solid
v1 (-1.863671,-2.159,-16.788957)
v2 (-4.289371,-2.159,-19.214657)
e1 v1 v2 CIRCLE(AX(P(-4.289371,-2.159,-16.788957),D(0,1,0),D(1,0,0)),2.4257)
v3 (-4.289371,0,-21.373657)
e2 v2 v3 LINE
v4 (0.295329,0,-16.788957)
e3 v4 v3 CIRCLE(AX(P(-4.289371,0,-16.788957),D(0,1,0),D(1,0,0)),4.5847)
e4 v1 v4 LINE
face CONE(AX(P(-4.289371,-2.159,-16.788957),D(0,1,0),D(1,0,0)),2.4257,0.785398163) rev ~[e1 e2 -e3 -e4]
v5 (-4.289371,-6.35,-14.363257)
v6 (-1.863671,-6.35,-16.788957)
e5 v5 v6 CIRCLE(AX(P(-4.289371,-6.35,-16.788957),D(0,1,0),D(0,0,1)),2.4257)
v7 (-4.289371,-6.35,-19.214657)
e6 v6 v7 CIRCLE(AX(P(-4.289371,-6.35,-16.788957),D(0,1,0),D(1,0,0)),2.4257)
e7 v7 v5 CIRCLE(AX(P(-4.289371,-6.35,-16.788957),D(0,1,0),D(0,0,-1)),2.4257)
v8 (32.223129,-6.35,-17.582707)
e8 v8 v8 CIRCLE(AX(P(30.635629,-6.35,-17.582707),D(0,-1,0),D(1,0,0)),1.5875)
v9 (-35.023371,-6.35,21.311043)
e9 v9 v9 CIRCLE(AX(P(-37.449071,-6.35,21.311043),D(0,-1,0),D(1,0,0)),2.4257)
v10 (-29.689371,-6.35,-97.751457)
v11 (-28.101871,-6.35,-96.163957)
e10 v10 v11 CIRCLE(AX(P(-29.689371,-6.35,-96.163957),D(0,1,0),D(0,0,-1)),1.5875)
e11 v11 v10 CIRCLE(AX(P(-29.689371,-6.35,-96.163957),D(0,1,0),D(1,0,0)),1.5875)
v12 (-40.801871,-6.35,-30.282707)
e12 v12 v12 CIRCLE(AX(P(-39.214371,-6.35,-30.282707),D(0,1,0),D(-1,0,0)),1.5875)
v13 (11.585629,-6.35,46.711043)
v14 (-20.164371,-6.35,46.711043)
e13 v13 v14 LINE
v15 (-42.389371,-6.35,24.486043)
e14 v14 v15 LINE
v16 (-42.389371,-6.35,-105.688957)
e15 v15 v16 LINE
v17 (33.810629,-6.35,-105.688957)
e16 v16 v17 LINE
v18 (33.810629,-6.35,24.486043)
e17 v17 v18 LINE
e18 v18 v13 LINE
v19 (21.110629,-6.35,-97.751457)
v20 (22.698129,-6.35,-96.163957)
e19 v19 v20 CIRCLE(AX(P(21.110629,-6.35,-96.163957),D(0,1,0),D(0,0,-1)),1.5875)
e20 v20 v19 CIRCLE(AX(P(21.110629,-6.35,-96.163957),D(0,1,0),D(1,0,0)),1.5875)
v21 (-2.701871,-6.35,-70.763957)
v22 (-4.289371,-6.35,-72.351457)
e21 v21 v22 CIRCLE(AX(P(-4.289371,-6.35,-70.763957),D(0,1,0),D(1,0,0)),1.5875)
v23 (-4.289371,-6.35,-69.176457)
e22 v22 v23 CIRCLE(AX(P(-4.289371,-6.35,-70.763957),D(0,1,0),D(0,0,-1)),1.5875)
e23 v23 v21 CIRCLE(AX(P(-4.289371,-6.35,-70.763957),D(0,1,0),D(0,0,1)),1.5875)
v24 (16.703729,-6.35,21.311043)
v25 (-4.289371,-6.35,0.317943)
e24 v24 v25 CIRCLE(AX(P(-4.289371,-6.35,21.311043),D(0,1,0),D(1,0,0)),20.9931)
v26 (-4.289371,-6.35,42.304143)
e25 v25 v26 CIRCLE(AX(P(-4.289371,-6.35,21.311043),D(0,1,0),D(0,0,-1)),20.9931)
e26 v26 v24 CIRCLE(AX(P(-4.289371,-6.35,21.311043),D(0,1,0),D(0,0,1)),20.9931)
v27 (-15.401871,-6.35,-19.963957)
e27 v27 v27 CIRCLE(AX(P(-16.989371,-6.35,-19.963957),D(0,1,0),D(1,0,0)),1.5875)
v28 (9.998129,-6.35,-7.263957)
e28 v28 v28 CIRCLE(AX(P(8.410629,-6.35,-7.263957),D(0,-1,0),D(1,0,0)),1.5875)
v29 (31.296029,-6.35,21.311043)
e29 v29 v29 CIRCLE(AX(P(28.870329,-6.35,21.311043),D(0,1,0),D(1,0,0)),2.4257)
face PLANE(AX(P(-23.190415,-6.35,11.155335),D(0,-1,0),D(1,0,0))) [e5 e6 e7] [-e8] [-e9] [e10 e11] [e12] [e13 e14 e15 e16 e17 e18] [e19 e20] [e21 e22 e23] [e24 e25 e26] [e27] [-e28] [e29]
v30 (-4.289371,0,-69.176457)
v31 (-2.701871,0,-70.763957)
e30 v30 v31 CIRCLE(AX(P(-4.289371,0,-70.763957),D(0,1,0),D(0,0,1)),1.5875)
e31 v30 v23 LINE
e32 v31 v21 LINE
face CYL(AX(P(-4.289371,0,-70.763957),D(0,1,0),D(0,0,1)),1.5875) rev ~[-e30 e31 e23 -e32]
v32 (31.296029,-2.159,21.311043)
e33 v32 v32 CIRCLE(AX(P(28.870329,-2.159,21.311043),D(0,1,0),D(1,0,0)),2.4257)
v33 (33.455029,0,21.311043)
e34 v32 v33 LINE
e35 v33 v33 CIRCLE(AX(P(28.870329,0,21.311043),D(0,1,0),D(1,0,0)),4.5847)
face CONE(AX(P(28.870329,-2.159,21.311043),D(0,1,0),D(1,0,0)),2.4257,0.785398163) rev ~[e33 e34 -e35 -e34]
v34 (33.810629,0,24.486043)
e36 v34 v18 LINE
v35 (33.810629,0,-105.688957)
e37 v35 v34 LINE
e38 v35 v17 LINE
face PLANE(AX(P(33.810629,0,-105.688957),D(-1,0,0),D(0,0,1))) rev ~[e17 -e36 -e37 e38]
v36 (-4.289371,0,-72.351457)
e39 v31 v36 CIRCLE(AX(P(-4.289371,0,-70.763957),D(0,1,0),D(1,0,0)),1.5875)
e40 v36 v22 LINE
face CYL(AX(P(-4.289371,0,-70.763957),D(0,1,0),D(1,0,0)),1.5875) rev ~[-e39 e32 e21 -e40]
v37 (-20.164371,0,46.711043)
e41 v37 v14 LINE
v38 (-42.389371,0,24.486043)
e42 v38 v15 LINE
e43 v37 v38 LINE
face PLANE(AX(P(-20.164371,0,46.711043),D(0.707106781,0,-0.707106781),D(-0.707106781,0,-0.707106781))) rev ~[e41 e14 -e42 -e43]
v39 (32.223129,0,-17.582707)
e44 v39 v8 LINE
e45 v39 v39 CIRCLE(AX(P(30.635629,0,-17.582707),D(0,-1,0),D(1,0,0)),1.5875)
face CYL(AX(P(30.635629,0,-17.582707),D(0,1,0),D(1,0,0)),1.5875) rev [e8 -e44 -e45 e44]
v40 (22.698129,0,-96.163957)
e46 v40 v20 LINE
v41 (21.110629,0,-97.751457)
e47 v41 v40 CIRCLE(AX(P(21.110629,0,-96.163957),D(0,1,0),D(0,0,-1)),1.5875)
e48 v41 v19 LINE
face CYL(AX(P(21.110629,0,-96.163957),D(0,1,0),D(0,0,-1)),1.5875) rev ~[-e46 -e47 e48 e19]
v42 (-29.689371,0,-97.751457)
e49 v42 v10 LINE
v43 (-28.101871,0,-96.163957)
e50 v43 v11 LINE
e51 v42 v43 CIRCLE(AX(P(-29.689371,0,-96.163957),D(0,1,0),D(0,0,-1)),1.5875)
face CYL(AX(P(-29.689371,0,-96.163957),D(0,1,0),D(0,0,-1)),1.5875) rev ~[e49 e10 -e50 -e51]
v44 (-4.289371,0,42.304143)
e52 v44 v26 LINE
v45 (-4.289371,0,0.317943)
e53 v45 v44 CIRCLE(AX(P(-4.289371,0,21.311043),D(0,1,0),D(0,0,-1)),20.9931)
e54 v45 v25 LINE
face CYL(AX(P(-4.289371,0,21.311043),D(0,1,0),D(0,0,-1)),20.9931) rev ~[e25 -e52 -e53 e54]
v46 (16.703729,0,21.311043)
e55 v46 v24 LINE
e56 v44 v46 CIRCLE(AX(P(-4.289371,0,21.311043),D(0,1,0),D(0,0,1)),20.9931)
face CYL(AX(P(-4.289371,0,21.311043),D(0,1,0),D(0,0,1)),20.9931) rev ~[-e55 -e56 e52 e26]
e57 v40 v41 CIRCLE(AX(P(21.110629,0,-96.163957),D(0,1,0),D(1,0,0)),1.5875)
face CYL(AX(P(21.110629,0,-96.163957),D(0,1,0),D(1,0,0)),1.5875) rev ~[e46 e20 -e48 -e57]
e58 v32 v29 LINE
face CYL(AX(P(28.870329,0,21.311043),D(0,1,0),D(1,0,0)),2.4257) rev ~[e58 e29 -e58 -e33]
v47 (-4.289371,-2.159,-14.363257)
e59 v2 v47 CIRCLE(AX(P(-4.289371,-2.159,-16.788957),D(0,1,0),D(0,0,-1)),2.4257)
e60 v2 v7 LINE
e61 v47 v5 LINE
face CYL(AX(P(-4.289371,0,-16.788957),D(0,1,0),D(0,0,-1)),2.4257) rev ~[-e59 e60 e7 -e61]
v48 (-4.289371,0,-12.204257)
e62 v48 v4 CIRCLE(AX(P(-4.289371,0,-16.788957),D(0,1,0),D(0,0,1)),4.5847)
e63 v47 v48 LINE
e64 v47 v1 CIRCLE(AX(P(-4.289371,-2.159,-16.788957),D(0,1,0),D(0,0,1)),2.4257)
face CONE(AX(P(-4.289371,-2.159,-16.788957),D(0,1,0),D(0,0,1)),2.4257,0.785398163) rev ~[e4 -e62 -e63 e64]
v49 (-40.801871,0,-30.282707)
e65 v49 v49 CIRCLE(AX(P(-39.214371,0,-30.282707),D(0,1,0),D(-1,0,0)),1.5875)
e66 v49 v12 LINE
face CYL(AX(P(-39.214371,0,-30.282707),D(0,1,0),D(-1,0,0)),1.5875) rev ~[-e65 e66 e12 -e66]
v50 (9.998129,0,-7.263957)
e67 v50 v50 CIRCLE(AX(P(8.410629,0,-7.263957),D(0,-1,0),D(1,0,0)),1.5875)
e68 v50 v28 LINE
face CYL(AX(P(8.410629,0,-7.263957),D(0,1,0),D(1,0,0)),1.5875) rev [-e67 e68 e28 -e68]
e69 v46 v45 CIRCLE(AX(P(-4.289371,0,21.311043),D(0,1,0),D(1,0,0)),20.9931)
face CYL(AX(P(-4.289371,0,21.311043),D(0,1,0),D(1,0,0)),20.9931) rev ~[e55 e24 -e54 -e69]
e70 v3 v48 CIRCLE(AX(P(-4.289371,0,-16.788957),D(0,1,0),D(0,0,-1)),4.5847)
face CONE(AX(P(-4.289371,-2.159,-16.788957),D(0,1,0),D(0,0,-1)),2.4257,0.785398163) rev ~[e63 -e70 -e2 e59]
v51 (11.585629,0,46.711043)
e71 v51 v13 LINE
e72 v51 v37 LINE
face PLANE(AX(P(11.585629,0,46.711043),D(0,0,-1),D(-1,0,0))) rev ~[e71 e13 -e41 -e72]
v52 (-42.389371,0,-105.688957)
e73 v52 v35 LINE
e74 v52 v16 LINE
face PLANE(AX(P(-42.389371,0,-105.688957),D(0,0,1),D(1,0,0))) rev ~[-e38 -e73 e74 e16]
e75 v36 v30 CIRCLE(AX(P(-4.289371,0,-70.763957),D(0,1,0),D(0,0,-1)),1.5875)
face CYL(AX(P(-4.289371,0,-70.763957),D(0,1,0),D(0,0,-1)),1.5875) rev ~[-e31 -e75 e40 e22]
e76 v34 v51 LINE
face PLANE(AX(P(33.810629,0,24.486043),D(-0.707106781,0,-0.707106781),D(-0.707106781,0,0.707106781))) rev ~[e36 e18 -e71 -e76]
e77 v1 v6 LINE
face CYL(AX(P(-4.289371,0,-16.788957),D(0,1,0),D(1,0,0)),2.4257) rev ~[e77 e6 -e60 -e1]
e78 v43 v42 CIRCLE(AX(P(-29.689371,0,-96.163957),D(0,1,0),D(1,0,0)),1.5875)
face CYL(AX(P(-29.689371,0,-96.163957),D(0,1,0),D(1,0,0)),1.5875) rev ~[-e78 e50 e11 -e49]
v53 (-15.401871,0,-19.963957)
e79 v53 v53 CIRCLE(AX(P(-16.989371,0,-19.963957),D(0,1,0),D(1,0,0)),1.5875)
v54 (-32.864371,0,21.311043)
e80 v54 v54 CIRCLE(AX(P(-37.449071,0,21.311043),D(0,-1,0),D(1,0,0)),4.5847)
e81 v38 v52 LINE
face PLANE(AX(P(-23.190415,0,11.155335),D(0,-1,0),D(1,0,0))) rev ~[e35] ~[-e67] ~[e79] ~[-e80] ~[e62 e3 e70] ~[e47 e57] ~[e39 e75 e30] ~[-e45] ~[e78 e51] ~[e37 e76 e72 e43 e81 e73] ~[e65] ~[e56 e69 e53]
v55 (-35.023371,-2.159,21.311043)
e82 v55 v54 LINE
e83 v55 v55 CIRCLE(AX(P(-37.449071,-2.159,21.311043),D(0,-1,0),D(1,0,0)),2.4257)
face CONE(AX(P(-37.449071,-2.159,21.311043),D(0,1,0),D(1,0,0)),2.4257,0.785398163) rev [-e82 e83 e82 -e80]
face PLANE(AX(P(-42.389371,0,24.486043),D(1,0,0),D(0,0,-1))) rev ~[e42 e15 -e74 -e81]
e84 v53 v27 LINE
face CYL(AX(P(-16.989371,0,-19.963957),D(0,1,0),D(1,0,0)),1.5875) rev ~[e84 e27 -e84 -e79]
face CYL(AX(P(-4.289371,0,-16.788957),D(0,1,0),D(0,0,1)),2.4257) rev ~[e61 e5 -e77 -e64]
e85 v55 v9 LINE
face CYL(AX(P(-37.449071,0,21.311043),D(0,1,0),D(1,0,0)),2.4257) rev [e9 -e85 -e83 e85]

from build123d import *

# Parameters (mm, degrees)
F0_R     = 2.4257
F0_R_2   = 1.5875
F1_DEPTH = 6.35
F2_SIZE  = 2.159


with BuildPart() as f1:
    # F0 (on Front) → F1 (new body)
    with BuildSketch(Plane.XZ):
        with BuildLine():
            Line((-4.2893705368, 46.7110425234), (-20.1643705368, 46.7110425234))
            Line((-20.1643705368, 46.7110425234), (-42.3893705368, 24.4860425234))
            Line((-42.3893705368, 24.4860425234), (-42.3893705368, -19.9639574766))
            Line((-42.3893705368, -19.9639574766), (-18.5768705368, -19.9639574766))
            ThreePointArc((-18.5768705368, -19.9639574766), (-16.9893705368, -18.3764574766), (-15.4018705368, -19.9639574766))
            Line((-15.4018705368, -19.9639574766), (-4.2893705368, -19.9639574766))
            Line((-4.2893705368, -19.9639574766), (-4.2893705368, -19.2146574766))
            ThreePointArc((-4.2893705368, -19.2146574766), (-6.7150705368, -16.7889574766), (-4.2893705368, -14.3632574766))
            Line((-4.2893705368, -14.3632574766), (-4.2893705368, 0.3179425234))
            ThreePointArc((-4.2893705368, 0.3179425234), (-25.2824705368, 21.3110425234), (-4.2893705368, 42.3041425234))
            Line((-4.2893705368, 42.3041425234), (-4.2893705368, 46.7110425234))
        make_face()
        with Locations((-37.4490705368, 21.3110425234)):
            Circle(F0_R, mode=Mode.SUBTRACT)
        with BuildLine():
            Line((11.5856294632, 46.7110425234), (-4.2893705368, 46.7110425234))
            Line((-4.2893705368, 46.7110425234), (-4.2893705368, 42.3041425234))
            ThreePointArc((-4.2893705368, 42.3041425234), (10.5549928313, 36.1554058915), (16.7037294632, 21.3110425234))
            Line((16.7037294632, 21.3110425234), (26.4446294632, 21.3110425234))
            ThreePointArc((26.4446294632, 21.3110425234), (28.8703294632, 23.7367425234), (31.2960294632, 21.3110425234))
            Line((31.2960294632, 21.3110425234), (33.8106294632, 21.3110425234))
            Line((33.8106294632, 21.3110425234), (33.8106294632, 24.4860425234))
            Line((33.8106294632, 24.4860425234), (11.5856294632, 46.7110425234))
        make_face()
        with BuildLine():
            Line((-18.5768705368, -19.9639574766), (-42.3893705368, -19.9639574766))
            Line((-42.3893705368, -19.9639574766), (-42.3893705368, -30.2827074766))
            Line((-42.3893705368, -30.2827074766), (-42.3893705368, -105.6889574766))
            Line((-42.3893705368, -105.6889574766), (-29.6893705368, -105.6889574766))
            Line((-29.6893705368, -105.6889574766), (-4.2893705368, -105.6889574766))
            Line((-4.2893705368, -105.6889574766), (-4.2893705368, -72.3514574766))
            ThreePointArc((-4.2893705368, -72.3514574766), (-5.8768705368, -70.7639574766), (-4.2893705368, -69.1764574766))
            Line((-4.2893705368, -69.1764574766), (-4.2893705368, -19.9639574766))
            Line((-4.2893705368, -19.9639574766), (-15.4018705368, -19.9639574766))
            ThreePointArc((-15.4018705368, -19.9639574766), (-16.9893705368, -21.5514574766), (-18.5768705368, -19.9639574766))
        make_face()
        with BuildLine():
            ThreePointArc((-28.1018705368, -96.1639574766), (-28.5668385217, -97.2864894917), (-29.6893705368, -97.7514574766))
            ThreePointArc((-29.6893705368, -97.7514574766), (-30.8119025519, -95.0414254615), (-28.1018705368, -96.1639574766))
        make_face(mode=Mode.SUBTRACT)
        with BuildLine():
            ThreePointArc((-37.6268705368, -30.2827074766), (-39.2143705368, -31.8702074766), (-40.8018705368, -30.2827074766))
            ThreePointArc((-40.8018705368, -30.2827074766), (-39.2143705368, -28.6952074766), (-37.6268705368, -30.2827074766))
        make_face(mode=Mode.SUBTRACT)
        with BuildLine():
            Line((26.4446294632, 21.3110425234), (16.7037294632, 21.3110425234))
            ThreePointArc((16.7037294632, 21.3110425234), (10.5549928313, 6.4666791553), (-4.2893705368, 0.3179425234))
            Line((-4.2893705368, 0.3179425234), (-4.2893705368, -14.3632574766))
            ThreePointArc((-4.2893705368, -14.3632574766), (-2.5741416177, -15.0737285575), (-1.8636705368, -16.7889574766))
            ThreePointArc((-1.8636705368, -16.7889574766), (-2.5741416177, -18.5041863957), (-4.2893705368, -19.2146574766))
            Line((-4.2893705368, -19.2146574766), (-4.2893705368, -19.9639574766))
            Line((-4.2893705368, -19.9639574766), (-4.2893705368, -69.1764574766))
            ThreePointArc((-4.2893705368, -69.1764574766), (-3.1668385217, -69.6414254615), (-2.7018705368, -70.7639574766))
            ThreePointArc((-2.7018705368, -70.7639574766), (-3.1668385217, -71.8864894917), (-4.2893705368, -72.3514574766))
            Line((-4.2893705368, -72.3514574766), (-4.2893705368, -105.6889574766))
            Line((-4.2893705368, -105.6889574766), (21.1106294632, -105.6889574766))
            Line((21.1106294632, -105.6889574766), (33.8106294632, -105.6889574766))
            Line((33.8106294632, -105.6889574766), (33.8106294632, -17.5827074766))
            Line((33.8106294632, -17.5827074766), (33.8106294632, -7.2639574766))
            Line((33.8106294632, -7.2639574766), (33.8106294632, 21.3110425234))
            Line((33.8106294632, 21.3110425234), (31.2960294632, 21.3110425234))
            ThreePointArc((31.2960294632, 21.3110425234), (28.8703294632, 18.8853425234), (26.4446294632, 21.3110425234))
        make_face()
        with BuildLine():
            ThreePointArc((22.6981294632, -96.1639574766), (22.2331614783, -97.2864894917), (21.1106294632, -97.7514574766))
            ThreePointArc((21.1106294632, -97.7514574766), (19.9880974481, -95.0414254615), (22.6981294632, -96.1639574766))
        make_face(mode=Mode.SUBTRACT)
        with Locations((8.4106294632, -7.2639574766)):
            Circle(F0_R_2, mode=Mode.SUBTRACT)
        with Locations((30.6356294632, -17.5827074766)):
            Circle(F0_R_2, mode=Mode.SUBTRACT)
    extrude(amount=F1_DEPTH)

    # F2
    f2_edges = [f1.edges().sort_by_distance(p)[0] for p in [
        (26.444629, 0, 21.311043),
        (-4.289371, 0, -19.214657),
        (-39.874771, 0, 21.311043),
    ]]
    chamfer(f2_edges, length=F2_SIZE)


solid = f1.part
